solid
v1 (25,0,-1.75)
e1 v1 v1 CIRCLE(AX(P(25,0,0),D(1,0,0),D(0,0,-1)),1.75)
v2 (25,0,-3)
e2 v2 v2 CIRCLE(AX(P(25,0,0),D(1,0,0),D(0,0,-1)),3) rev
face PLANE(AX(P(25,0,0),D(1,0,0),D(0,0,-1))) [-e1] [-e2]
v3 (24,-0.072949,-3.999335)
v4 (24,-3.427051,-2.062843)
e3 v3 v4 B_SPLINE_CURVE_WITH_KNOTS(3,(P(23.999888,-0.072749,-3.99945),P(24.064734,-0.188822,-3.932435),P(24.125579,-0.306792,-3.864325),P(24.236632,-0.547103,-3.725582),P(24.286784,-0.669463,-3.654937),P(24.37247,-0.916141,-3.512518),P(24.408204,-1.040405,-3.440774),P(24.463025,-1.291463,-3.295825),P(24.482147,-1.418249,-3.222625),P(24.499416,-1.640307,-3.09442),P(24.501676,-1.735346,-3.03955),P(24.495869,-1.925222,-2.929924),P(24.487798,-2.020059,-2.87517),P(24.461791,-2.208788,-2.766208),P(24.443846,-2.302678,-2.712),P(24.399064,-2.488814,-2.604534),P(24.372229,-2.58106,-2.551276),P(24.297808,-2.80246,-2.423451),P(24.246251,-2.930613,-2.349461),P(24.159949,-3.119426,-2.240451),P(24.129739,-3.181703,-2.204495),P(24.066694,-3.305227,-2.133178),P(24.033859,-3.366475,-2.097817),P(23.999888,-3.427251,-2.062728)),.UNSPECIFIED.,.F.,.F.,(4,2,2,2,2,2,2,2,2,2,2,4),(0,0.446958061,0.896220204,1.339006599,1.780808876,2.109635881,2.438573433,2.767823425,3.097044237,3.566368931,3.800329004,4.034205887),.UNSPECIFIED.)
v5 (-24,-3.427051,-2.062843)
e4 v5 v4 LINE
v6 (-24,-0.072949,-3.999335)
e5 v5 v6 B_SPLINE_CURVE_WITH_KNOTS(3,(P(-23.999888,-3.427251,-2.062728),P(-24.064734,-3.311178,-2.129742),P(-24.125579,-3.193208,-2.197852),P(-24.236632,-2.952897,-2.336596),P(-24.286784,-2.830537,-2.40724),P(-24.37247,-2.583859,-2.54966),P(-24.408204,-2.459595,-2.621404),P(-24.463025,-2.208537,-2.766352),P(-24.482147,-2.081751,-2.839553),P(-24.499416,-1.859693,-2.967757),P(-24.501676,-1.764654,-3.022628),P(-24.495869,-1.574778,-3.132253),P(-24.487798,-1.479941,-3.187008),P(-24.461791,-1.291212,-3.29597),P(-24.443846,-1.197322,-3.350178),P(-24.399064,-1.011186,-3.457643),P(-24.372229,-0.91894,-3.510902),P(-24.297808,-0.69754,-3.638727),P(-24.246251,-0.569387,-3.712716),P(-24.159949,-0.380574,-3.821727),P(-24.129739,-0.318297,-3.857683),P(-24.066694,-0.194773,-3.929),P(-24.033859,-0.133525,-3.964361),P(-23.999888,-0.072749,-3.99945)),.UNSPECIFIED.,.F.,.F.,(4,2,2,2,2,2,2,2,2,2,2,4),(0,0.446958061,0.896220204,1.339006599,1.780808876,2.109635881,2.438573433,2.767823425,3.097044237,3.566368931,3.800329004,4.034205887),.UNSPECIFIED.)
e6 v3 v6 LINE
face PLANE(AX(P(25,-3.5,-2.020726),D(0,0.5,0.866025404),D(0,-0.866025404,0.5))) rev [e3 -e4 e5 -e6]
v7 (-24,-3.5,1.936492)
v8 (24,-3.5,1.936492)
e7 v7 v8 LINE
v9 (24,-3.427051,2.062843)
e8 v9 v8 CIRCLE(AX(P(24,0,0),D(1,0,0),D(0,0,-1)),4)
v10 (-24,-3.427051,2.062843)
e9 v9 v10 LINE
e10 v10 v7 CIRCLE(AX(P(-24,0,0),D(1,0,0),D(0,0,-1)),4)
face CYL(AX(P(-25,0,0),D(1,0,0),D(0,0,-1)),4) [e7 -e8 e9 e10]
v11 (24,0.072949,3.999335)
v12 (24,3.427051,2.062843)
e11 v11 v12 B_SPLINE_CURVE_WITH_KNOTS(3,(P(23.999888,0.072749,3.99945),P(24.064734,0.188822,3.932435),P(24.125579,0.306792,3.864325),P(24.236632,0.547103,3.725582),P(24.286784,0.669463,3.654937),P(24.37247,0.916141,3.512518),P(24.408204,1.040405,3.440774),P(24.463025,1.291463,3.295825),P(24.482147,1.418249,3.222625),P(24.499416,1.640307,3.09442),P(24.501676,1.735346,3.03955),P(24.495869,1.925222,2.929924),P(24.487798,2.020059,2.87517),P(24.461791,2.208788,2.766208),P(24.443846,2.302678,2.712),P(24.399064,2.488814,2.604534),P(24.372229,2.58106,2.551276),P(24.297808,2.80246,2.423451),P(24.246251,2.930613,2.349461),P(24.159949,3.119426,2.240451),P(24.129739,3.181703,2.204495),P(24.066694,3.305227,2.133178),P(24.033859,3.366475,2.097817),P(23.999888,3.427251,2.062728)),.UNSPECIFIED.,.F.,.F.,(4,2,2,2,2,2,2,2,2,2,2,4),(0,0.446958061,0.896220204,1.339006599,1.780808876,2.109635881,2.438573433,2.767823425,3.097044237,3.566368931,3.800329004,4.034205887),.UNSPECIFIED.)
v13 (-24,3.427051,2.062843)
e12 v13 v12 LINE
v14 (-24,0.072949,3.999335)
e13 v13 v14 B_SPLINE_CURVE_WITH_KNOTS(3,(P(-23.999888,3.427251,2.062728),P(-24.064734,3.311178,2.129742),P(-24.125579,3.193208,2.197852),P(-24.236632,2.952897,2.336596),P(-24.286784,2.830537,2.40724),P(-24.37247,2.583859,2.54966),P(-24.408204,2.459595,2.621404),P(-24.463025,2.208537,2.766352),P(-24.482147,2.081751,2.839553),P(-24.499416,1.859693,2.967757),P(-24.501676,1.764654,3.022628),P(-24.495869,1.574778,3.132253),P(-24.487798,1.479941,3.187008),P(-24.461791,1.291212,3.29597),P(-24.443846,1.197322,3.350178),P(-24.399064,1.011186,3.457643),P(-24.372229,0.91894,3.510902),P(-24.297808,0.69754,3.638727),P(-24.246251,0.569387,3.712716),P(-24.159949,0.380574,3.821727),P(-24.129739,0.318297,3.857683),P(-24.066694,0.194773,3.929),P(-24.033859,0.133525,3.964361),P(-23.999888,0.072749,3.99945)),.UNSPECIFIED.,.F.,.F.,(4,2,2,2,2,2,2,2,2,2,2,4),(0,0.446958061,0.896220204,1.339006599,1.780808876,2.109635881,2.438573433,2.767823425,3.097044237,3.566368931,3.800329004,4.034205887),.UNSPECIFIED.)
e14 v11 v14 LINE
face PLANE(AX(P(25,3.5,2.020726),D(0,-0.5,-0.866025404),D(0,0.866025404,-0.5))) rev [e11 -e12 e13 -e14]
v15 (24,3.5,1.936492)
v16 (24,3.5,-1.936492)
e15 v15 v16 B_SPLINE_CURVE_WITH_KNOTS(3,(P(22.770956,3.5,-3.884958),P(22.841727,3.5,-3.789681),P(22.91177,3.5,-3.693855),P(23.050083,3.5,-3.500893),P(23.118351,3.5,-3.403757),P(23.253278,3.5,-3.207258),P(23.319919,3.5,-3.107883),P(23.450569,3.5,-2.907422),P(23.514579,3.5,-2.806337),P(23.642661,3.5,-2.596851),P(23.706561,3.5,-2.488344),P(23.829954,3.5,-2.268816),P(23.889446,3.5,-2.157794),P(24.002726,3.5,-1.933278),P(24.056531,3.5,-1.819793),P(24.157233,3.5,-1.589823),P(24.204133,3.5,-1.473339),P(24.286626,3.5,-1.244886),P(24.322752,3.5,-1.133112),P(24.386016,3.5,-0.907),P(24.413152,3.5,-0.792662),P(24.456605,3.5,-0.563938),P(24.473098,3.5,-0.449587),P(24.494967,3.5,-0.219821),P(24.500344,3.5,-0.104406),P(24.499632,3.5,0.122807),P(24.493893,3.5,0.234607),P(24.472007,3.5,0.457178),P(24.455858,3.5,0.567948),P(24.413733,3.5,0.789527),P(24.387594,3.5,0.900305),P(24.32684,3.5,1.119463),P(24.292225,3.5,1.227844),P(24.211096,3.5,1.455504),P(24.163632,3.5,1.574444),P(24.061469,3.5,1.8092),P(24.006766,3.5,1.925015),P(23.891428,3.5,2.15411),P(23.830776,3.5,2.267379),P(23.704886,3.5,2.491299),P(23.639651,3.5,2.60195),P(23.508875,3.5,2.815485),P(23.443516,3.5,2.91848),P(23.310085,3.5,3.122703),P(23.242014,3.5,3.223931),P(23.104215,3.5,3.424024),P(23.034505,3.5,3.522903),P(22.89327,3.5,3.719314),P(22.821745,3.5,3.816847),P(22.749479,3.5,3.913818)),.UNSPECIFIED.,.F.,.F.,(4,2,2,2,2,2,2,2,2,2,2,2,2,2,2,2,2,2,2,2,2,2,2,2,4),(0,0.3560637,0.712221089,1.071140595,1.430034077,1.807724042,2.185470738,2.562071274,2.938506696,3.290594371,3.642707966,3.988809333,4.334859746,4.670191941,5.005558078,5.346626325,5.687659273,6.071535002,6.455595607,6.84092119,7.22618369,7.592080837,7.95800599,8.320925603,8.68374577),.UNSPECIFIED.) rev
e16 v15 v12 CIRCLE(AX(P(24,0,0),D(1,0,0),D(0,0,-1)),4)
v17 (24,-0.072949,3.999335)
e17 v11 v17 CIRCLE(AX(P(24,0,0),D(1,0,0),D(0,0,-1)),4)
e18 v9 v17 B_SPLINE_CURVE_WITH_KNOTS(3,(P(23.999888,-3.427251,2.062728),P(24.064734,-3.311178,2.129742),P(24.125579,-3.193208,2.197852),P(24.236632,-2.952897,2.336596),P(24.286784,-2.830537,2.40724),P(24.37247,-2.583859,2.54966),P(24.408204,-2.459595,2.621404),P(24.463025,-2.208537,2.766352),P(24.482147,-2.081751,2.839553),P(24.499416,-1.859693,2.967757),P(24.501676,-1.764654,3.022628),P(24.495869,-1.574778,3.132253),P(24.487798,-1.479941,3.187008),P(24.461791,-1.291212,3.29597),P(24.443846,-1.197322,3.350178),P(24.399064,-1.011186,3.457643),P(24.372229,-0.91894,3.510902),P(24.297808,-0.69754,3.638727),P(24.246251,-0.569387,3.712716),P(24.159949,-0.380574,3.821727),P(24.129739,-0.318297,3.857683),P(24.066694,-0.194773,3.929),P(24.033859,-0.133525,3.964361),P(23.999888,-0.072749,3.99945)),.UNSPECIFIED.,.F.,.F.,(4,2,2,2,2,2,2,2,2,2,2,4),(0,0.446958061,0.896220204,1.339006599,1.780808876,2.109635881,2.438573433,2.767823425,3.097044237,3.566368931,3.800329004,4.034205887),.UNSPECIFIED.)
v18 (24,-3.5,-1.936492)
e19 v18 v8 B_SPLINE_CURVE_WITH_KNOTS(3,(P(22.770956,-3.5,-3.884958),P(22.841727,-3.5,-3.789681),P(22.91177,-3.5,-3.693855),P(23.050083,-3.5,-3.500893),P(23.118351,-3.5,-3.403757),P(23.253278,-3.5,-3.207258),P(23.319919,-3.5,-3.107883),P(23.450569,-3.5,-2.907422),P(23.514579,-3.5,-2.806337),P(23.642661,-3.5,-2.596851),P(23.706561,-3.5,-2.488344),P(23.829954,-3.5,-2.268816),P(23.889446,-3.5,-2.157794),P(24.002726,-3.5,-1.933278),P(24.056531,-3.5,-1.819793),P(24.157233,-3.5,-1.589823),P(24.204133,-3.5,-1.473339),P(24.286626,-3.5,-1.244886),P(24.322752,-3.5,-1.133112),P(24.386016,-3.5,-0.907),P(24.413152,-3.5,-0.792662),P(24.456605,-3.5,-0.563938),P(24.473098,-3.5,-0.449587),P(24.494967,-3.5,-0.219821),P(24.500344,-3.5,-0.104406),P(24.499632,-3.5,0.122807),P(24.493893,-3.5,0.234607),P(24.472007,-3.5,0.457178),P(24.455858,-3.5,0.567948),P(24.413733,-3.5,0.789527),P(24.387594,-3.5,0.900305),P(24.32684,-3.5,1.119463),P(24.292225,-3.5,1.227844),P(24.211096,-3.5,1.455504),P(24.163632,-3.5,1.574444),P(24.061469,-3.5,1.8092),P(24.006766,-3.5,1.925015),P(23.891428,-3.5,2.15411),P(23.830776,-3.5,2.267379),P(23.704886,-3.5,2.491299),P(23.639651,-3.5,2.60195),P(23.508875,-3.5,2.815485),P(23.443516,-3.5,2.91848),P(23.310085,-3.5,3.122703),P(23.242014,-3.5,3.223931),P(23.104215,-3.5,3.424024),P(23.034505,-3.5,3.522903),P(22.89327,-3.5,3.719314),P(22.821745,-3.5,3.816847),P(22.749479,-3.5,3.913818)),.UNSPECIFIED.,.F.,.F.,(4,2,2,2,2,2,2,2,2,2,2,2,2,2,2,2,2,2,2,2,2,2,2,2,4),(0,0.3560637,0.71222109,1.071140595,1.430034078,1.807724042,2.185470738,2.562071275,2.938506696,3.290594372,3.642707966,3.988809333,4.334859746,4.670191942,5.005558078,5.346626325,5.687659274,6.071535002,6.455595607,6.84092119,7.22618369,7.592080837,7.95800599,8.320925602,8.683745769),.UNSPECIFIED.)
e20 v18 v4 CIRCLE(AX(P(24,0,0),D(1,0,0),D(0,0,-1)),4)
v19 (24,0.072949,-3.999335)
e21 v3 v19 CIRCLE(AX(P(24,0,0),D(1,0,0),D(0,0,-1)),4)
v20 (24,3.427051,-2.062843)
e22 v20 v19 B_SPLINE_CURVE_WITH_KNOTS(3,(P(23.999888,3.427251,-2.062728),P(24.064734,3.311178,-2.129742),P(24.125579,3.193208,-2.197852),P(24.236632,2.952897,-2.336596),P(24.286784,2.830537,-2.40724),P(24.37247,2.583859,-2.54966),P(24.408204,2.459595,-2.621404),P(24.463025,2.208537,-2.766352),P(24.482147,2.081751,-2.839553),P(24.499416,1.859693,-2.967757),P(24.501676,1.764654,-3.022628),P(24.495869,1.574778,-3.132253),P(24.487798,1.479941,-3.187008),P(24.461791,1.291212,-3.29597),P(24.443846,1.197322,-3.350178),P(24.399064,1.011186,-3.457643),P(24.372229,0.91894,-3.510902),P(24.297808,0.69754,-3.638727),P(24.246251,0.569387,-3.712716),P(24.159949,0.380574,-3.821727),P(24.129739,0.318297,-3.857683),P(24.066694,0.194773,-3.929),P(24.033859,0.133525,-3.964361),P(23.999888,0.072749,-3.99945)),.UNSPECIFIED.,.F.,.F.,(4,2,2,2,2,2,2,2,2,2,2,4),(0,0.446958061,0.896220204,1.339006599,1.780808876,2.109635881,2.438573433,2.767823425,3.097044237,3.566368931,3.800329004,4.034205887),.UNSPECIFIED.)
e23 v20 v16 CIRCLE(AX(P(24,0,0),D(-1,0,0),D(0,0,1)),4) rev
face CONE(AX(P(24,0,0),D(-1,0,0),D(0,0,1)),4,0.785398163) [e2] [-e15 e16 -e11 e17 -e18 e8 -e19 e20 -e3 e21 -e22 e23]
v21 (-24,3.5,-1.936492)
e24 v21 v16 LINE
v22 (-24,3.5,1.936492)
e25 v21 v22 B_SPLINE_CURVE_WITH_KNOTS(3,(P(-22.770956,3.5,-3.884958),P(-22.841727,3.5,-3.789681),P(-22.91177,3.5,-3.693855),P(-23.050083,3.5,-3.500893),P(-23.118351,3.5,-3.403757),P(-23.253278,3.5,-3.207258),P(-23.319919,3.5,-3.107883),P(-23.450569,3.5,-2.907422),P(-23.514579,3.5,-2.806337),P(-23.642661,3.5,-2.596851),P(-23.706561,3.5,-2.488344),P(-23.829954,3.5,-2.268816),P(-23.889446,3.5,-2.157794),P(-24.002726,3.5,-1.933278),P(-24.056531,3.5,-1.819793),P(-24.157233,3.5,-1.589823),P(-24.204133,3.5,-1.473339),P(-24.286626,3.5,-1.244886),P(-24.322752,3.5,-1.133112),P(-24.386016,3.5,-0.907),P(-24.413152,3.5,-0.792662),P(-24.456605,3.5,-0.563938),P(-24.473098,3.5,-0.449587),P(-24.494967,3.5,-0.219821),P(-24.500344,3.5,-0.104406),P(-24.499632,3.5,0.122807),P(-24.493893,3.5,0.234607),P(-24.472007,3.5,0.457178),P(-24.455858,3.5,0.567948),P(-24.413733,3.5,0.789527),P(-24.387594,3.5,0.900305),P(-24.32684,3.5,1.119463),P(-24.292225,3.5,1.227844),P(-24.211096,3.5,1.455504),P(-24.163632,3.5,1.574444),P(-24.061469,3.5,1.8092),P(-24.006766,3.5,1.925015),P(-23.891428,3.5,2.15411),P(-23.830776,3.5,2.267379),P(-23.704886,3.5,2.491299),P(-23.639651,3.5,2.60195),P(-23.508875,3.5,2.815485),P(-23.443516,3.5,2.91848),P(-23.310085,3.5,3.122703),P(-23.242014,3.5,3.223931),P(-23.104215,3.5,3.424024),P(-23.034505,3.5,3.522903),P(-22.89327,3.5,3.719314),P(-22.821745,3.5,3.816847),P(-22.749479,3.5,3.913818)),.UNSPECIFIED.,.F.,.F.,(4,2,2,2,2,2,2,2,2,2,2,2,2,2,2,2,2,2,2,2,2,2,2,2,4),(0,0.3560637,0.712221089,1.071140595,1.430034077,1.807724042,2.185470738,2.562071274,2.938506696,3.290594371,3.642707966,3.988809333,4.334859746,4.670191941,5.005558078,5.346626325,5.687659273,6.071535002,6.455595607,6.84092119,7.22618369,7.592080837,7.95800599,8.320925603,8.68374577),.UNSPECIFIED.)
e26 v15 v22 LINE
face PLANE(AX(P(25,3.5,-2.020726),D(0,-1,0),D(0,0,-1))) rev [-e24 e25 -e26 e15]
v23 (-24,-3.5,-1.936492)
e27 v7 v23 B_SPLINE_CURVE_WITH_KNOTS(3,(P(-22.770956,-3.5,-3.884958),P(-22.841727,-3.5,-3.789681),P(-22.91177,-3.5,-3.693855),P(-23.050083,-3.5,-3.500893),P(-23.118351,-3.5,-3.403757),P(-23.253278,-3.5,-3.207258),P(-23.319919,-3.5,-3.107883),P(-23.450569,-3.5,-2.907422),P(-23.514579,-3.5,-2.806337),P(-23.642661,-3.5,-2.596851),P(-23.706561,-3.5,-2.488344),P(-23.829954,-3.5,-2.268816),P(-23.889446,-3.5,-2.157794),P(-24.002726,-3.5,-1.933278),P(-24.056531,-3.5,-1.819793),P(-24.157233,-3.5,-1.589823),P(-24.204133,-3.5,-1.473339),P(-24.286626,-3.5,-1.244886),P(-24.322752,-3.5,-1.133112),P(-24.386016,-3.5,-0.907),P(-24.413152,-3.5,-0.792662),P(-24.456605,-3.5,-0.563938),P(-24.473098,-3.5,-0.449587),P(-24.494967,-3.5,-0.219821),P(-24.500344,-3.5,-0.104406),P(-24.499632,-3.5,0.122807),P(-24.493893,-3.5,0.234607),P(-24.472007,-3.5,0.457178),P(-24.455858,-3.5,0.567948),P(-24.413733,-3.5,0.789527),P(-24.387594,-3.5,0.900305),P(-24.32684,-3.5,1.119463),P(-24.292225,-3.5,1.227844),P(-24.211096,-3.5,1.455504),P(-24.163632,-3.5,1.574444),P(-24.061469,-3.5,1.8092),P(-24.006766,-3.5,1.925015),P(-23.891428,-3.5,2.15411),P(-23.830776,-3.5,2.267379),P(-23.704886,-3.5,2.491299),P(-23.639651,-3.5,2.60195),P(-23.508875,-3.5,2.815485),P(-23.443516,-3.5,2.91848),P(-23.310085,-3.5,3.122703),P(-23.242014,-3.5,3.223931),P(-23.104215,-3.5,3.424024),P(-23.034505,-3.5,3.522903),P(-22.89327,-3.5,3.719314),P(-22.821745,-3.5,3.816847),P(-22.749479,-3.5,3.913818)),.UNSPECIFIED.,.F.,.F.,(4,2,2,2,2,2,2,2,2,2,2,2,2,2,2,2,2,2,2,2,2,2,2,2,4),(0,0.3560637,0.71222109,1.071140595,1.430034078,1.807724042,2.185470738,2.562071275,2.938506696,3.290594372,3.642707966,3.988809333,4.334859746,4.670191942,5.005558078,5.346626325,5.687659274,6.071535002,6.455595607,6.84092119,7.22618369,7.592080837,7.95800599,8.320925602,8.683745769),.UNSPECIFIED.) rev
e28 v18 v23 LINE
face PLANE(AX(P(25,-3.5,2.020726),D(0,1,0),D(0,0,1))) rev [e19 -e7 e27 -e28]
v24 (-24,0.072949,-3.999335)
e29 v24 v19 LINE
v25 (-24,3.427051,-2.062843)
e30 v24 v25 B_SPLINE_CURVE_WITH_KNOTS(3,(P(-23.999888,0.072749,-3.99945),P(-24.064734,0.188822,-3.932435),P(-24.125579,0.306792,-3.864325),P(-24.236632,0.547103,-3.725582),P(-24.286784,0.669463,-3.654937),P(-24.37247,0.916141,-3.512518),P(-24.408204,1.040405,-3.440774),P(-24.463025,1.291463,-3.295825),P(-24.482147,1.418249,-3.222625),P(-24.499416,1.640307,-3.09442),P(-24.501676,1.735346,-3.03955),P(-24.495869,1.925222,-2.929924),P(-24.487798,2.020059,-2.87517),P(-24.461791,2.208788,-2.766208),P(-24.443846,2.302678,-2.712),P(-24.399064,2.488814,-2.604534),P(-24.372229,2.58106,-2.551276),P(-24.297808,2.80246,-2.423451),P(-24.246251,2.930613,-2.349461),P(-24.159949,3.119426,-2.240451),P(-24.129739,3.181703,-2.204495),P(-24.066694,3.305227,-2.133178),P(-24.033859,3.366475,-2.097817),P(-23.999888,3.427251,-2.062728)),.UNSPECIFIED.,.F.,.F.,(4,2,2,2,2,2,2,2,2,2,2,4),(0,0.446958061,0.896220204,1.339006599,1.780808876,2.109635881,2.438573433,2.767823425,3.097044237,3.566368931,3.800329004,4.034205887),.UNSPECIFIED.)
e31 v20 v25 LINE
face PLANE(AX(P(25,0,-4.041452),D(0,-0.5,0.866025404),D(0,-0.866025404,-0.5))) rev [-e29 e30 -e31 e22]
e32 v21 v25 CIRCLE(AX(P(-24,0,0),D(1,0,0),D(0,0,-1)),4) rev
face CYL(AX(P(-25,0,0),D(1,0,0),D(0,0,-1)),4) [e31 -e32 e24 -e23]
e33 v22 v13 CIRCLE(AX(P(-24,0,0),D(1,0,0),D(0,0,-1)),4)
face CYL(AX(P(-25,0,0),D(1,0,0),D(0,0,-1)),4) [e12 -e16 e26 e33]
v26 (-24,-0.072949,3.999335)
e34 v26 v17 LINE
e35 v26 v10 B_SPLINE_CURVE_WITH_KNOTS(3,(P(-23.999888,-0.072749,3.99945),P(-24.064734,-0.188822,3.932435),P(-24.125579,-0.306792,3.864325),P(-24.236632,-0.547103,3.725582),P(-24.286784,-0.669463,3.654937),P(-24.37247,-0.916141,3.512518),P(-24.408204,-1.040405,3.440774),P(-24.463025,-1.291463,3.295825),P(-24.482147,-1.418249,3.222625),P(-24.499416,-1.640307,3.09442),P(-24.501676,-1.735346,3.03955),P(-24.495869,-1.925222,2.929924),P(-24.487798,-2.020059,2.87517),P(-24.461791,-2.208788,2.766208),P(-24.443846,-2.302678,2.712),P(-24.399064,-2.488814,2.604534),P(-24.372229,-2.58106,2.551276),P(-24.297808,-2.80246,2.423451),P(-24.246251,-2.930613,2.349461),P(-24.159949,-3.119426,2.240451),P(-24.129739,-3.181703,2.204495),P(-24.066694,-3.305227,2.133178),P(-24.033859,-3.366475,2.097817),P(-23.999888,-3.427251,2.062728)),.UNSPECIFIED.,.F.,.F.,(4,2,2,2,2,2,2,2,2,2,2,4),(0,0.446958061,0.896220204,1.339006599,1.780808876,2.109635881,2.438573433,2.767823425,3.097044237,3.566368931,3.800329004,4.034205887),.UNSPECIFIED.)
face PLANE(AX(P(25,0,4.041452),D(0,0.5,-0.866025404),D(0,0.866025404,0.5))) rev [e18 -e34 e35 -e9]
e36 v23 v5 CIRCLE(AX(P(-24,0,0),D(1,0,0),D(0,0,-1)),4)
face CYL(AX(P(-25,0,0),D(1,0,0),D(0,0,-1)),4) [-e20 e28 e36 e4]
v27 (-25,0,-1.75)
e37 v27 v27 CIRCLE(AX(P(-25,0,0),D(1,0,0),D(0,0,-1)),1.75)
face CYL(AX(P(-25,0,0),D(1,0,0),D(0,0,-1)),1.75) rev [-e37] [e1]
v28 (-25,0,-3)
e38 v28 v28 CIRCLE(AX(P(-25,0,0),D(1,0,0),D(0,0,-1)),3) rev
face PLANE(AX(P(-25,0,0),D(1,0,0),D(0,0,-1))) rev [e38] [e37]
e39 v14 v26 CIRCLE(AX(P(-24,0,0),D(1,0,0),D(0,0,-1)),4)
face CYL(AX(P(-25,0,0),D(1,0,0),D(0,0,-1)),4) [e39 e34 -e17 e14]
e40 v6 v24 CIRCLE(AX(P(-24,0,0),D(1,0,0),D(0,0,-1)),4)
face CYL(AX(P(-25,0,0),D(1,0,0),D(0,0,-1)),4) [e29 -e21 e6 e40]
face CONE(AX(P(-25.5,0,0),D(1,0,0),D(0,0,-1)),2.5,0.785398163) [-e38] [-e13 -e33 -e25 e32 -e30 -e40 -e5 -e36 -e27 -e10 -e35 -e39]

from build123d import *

# Parameters (mm, degrees)
EXTRUDE_310_DEPTH          = 25
CUT_EXTRUDE_411_DEPTH      = 26.565275929
CUT_EXTRUDE_411_DEPTH_BACK = 26.565275929
SKETCH_8_R                 = 5
SKETCH_8_R_2               = 4
CUT_EXTRUDE_606_DEPTH      = 26.558755838
CUT_EXTRUDE_606_DEPTH_BACK = 26.558755838
SKETCH_9_R                 = 1.75


with BuildPart() as part:
    # 草图1 → Extrude 310 (new, symmetric)
    with BuildSketch(Plane(origin=(0, 0, 0), x_dir=(0, 0, -1), z_dir=(1, 0, 0))):
        Polygon((4.041451884, 0), (2.020725942, 3.5), (-2.020725942, 3.5), (-4.041451884, 0), (-2.020725942, -3.5), (2.020725942, -3.5), align=None)
    extrude(amount=EXTRUDE_310_DEPTH, both=True)

    # 草图8 → Cut-Extrude 411 (cut, two sides: drawn at the far end of the back side and taken through both)
    with BuildSketch(Plane(origin=(0, 0, 0), x_dir=(0, 0, -1), z_dir=(1, 0, 0)).offset(-CUT_EXTRUDE_411_DEPTH_BACK)):
        Circle(SKETCH_8_R)
        Circle(SKETCH_8_R_2, mode=Mode.SUBTRACT)
    extrude(amount=CUT_EXTRUDE_411_DEPTH + CUT_EXTRUDE_411_DEPTH_BACK, mode=Mode.SUBTRACT)

    # 草图9 → Cut-Extrude 606 (cut, two sides: drawn at the far end of the back side and taken through both)
    with BuildSketch(Plane(origin=(0, 0, 0), x_dir=(0, 0, -1), z_dir=(1, 0, 0)).offset(-CUT_EXTRUDE_606_DEPTH_BACK)):
        Circle(SKETCH_9_R)
    extrude(amount=CUT_EXTRUDE_606_DEPTH + CUT_EXTRUDE_606_DEPTH_BACK, mode=Mode.SUBTRACT)

    # 草图10 → Cut-Revolve 900 (revolve, cut)
    with BuildSketch(Plane.XY, mode=Mode.PRIVATE) as cut_revolve_900_sk:
        Polygon((-25.5, 4), (-24, 4), (-25.5, 2.5), align=None)
        Polygon((24, 4), (25.5, 2.5), (25.5, 4), align=None)
    revolve(cut_revolve_900_sk.sketch.rotate(Axis((25, 0, 0), (-1, 0, 0)), 268.955024372), axis=Axis((25, 0, 0), (-1, 0, 0)), mode=Mode.SUBTRACT)


solid = part.part
